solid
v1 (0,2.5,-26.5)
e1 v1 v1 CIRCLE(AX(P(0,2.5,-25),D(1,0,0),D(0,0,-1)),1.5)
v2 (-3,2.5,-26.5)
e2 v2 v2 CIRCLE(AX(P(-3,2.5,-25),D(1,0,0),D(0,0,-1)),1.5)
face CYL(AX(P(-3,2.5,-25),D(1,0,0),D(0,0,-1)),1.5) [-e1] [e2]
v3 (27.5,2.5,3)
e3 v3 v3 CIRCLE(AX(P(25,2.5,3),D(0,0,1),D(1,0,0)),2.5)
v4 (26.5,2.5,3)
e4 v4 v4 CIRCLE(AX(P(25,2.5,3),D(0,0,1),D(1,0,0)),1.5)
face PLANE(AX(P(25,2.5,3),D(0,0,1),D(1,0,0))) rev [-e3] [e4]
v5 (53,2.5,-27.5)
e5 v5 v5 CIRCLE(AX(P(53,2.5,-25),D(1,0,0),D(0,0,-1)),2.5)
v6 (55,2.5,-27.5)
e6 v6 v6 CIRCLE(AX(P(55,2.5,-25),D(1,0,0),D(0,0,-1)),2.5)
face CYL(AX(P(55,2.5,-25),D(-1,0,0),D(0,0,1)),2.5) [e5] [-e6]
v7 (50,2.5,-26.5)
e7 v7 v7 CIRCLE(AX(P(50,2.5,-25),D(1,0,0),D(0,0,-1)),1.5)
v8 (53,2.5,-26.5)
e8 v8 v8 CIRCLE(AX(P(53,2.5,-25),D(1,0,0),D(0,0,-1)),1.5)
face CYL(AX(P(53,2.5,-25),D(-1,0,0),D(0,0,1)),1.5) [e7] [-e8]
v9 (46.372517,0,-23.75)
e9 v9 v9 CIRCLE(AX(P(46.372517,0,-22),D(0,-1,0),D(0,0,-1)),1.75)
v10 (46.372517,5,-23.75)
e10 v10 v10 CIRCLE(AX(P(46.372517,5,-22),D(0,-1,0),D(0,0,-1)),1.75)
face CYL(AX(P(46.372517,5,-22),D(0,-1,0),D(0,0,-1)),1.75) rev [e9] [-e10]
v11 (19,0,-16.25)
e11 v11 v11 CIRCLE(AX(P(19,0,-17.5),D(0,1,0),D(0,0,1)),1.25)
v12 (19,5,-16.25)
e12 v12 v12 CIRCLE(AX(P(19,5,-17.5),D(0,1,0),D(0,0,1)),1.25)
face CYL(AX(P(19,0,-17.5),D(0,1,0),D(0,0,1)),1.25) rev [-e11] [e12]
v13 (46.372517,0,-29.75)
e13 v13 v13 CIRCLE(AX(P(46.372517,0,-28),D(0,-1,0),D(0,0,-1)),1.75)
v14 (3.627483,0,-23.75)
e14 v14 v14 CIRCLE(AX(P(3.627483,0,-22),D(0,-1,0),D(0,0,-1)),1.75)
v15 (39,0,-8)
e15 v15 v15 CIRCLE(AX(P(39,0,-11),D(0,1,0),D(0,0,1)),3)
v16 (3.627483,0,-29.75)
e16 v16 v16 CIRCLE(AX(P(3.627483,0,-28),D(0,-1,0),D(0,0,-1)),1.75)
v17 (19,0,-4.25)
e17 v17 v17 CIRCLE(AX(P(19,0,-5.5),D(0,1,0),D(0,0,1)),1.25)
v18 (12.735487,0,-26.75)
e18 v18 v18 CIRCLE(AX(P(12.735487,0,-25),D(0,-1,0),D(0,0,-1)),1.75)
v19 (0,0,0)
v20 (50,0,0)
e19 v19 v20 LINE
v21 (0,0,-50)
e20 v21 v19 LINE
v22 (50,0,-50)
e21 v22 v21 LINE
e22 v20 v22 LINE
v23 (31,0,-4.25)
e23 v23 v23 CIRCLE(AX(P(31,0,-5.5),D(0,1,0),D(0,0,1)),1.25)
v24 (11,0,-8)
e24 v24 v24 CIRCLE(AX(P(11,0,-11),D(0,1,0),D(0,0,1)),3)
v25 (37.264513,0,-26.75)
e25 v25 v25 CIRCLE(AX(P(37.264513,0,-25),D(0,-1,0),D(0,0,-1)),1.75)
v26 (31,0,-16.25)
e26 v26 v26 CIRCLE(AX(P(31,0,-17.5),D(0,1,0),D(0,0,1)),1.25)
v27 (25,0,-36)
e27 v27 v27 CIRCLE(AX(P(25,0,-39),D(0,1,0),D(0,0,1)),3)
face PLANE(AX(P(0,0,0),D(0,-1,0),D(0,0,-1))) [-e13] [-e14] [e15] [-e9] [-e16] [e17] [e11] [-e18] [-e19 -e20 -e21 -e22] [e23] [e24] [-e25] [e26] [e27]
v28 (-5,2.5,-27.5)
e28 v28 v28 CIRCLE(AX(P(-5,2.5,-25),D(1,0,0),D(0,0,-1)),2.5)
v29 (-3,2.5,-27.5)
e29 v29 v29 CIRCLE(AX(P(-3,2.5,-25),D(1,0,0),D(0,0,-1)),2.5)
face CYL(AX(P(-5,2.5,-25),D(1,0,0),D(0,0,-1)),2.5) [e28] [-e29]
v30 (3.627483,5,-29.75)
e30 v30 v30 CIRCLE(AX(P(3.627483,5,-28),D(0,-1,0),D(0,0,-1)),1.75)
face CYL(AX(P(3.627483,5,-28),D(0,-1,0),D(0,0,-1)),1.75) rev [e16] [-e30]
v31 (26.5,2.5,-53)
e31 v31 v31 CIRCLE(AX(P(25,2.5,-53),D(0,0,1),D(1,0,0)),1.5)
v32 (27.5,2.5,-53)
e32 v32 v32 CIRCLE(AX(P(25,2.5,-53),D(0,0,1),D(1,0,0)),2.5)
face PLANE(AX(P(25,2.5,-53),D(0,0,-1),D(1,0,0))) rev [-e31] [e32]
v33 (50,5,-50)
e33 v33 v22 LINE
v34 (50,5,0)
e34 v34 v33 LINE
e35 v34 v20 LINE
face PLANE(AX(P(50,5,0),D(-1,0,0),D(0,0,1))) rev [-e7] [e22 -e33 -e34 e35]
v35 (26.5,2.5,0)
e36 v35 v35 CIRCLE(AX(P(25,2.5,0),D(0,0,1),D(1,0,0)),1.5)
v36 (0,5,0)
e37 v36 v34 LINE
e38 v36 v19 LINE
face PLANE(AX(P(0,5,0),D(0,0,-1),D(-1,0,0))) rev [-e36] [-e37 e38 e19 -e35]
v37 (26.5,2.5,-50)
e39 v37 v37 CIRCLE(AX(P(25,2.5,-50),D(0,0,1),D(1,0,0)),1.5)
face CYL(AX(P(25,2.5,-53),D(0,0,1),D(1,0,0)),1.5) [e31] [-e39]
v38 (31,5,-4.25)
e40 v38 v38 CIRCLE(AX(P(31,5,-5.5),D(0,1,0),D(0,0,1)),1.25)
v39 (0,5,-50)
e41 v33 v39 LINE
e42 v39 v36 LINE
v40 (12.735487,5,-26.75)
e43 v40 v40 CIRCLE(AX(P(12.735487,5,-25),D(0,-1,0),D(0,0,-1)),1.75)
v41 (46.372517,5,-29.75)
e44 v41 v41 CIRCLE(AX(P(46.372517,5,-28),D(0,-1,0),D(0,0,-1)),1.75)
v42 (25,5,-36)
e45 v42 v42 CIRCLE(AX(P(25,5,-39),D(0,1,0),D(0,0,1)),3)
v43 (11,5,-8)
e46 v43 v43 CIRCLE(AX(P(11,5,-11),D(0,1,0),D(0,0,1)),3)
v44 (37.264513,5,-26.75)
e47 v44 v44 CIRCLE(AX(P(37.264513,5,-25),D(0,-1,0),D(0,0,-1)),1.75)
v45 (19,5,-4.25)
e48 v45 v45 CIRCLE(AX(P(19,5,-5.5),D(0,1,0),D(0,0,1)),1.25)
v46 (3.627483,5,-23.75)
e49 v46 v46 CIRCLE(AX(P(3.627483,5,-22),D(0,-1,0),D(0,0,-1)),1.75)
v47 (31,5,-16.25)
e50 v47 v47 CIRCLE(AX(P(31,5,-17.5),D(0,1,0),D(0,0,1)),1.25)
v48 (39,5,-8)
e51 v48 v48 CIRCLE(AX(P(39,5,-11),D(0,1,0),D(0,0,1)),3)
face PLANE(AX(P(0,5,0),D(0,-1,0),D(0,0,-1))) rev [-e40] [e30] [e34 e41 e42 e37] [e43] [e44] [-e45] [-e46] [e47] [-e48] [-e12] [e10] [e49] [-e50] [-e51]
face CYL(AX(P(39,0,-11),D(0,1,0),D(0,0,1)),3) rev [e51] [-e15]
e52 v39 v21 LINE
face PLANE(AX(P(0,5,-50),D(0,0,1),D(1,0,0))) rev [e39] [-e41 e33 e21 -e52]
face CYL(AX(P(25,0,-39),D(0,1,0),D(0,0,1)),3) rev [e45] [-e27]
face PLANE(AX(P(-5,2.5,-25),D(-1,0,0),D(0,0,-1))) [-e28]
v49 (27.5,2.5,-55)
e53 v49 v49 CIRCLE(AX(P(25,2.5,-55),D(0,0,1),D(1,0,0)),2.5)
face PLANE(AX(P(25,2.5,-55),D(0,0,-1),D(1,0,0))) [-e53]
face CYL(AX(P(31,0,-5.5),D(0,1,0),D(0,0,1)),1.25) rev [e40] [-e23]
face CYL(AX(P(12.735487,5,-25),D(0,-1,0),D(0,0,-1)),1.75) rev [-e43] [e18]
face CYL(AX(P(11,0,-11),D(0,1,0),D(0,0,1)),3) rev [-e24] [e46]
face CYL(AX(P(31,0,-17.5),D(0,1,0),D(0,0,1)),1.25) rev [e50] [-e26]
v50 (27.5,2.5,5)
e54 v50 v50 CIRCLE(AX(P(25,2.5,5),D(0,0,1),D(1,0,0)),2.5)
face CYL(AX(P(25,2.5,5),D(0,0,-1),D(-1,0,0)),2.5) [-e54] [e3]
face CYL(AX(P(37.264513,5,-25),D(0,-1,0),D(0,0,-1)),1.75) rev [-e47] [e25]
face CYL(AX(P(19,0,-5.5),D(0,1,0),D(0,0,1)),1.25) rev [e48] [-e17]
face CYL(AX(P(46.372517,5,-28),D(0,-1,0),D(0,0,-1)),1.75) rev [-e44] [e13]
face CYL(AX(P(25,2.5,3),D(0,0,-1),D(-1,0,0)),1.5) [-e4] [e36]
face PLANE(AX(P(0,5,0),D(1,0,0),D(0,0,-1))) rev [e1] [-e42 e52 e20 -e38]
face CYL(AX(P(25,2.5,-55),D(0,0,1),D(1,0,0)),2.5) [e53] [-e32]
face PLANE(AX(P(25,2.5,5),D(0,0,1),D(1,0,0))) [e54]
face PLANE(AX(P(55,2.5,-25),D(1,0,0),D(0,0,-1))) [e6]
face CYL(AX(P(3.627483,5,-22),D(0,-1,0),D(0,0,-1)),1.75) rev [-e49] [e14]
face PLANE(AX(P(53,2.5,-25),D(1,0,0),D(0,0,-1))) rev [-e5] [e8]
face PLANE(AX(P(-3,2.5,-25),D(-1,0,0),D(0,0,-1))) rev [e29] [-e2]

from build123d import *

# Parameters (mm, degrees)
SKETCH_1_W          = 50
SKETCH_1_H          = 50
EXTRUDE_1_DEPTH     = 5
SKETCH_2_R          = 3
CUT_EXTRUDE_1_DEPTH = 71.887234394
SKETCH_3_R          = 1.25
CUT_EXTRUDE_2_DEPTH = 71.887234394
SKETCH_8_R          = 1.75
CUT_EXTRUDE_4_DEPTH = 71.887234394
SKETCH_9_R          = 2.5
EXTRUDE_2_DEPTH     = 5
SKETCH_10_R         = 2.5
SKETCH_10_R_2       = 1.5
CUT_EXTRUDE_5_DEPTH = 3
SKETCH_11_R         = 2.5
EXTRUDE_3_DEPTH     = 5
SKETCH_12_R         = 2.5
SKETCH_12_R_2       = 1.5
CUT_EXTRUDE_7_DEPTH = 3


with BuildPart() as part:
    # 草图1 → 凸台-拉伸1 (new body)
    with BuildSketch(Plane(origin=(0, 0, 0), x_dir=(1, 0, 0), z_dir=(0, 1, 0))):
        with Locations((25, 25)):
            Rectangle(SKETCH_1_W, SKETCH_1_H)
    extrude(amount=EXTRUDE_1_DEPTH)

    # 草图2 → 切除-拉伸1 (cut, through all)
    with BuildSketch(Plane(origin=(0, 5, 0), x_dir=(1, 0, 0), z_dir=(0, 1, 0))):
        with Locations(Location((25, 39, 0), (0, 0, 270))):
            Circle(SKETCH_2_R)
        with Locations(Location((11, 11, 0), (0, 0, 270))):
            Circle(SKETCH_2_R)
        with Locations(Location((39, 11, 0), (0, 0, 270))):
            Circle(SKETCH_2_R)
    extrude(amount=-CUT_EXTRUDE_1_DEPTH, mode=Mode.SUBTRACT)

    # 草图3 → 切除-拉伸2 (cut, through all)
    with BuildSketch(Plane(origin=(0, 5, 0), x_dir=(1, 0, 0), z_dir=(0, 1, 0))):
        with Locations(Location((19, 17.5, 0), (0, 0, 270))):
            Circle(SKETCH_3_R)
        with Locations(Location((31, 17.5, 0), (0, 0, 270))):
            Circle(SKETCH_3_R)
        with Locations(Location((19, 5.5, 0), (0, 0, 270))):
            Circle(SKETCH_3_R)
        with Locations(Location((31, 5.5, 0), (0, 0, 270))):
            Circle(SKETCH_3_R)
    extrude(amount=-CUT_EXTRUDE_2_DEPTH, mode=Mode.SUBTRACT)

    # 草图8 → 切除-拉伸4 (cut, through all)
    with BuildSketch(Plane.XZ):
        with Locations(Location((46.372516673, -22, 0), (0, 0, 270))):
            Circle(SKETCH_8_R)
        with Locations(Location((46.372516673, -28, 0), (0, 0, 270))):
            Circle(SKETCH_8_R)
        with Locations(Location((37.264513071, -25, 0), (0, 0, 270))):
            Circle(SKETCH_8_R)
        with Locations(Location((12.735486929, -25, 0), (0, 0, 270))):
            Circle(SKETCH_8_R)
        with Locations(Location((3.627483327, -28, 0), (0, 0, 270))):
            Circle(SKETCH_8_R)
        with Locations(Location((3.627483327, -22, 0), (0, 0, 270))):
            Circle(SKETCH_8_R)
    extrude(amount=-CUT_EXTRUDE_4_DEPTH, mode=Mode.SUBTRACT)

    # 草图9 → 凸台-拉伸2 (add)
    with BuildSketch(Plane.XY):
        with Locations(Location((25, 2.5, 0), (0, 0, 270))):
            Circle(SKETCH_9_R)
    extrude_2 = extrude(amount=EXTRUDE_2_DEPTH)

    # 草图10 → 切除-拉伸5 (cut)
    with BuildSketch(Plane.XY):
        with Locations((25, 2.5)):
            Circle(SKETCH_10_R)
        with Locations((25, 2.5)):
            Circle(SKETCH_10_R_2, mode=Mode.SUBTRACT)
    cut_extrude_5 = extrude(amount=CUT_EXTRUDE_5_DEPTH, mode=Mode.SUBTRACT)

    # 草图11 → 凸台-拉伸3 (add)
    with BuildSketch(Plane(origin=(50, 0, 0), x_dir=(0, 0, -1), z_dir=(1, 0, 0))):
        with Locations(Location((25, 2.5, 0), (0, 0, 270))):
            Circle(SKETCH_11_R)
    extrude_3 = extrude(amount=EXTRUDE_3_DEPTH)

    # 草图12 → 切除-拉伸7 (cut)
    with BuildSketch(Plane(origin=(50, 0, 0), x_dir=(0, 0, -1), z_dir=(1, 0, 0))):
        with Locations((25, 2.5)):
            Circle(SKETCH_12_R)
        with Locations((25, 2.5)):
            Circle(SKETCH_12_R_2, mode=Mode.SUBTRACT)
    cut_extrude_7 = extrude(amount=CUT_EXTRUDE_7_DEPTH, mode=Mode.SUBTRACT)

    # 镜向1: 凸台-拉伸3, 切除-拉伸7 across plane
    add(extrude_3.mirror(Plane.ZY.offset(-25)))
    add(cut_extrude_7.mirror(Plane.ZY.offset(-25)), mode=Mode.SUBTRACT)

    # 镜向2: 凸台-拉伸2, 切除-拉伸5 across plane
    add(extrude_2.mirror(Plane(origin=(0, 0, -25), x_dir=(1, 0, 0), z_dir=(0, 0, -1))))
    add(cut_extrude_5.mirror(Plane(origin=(0, 0, -25), x_dir=(1, 0, 0), z_dir=(0, 0, -1))), mode=Mode.SUBTRACT)


solid = part.part
